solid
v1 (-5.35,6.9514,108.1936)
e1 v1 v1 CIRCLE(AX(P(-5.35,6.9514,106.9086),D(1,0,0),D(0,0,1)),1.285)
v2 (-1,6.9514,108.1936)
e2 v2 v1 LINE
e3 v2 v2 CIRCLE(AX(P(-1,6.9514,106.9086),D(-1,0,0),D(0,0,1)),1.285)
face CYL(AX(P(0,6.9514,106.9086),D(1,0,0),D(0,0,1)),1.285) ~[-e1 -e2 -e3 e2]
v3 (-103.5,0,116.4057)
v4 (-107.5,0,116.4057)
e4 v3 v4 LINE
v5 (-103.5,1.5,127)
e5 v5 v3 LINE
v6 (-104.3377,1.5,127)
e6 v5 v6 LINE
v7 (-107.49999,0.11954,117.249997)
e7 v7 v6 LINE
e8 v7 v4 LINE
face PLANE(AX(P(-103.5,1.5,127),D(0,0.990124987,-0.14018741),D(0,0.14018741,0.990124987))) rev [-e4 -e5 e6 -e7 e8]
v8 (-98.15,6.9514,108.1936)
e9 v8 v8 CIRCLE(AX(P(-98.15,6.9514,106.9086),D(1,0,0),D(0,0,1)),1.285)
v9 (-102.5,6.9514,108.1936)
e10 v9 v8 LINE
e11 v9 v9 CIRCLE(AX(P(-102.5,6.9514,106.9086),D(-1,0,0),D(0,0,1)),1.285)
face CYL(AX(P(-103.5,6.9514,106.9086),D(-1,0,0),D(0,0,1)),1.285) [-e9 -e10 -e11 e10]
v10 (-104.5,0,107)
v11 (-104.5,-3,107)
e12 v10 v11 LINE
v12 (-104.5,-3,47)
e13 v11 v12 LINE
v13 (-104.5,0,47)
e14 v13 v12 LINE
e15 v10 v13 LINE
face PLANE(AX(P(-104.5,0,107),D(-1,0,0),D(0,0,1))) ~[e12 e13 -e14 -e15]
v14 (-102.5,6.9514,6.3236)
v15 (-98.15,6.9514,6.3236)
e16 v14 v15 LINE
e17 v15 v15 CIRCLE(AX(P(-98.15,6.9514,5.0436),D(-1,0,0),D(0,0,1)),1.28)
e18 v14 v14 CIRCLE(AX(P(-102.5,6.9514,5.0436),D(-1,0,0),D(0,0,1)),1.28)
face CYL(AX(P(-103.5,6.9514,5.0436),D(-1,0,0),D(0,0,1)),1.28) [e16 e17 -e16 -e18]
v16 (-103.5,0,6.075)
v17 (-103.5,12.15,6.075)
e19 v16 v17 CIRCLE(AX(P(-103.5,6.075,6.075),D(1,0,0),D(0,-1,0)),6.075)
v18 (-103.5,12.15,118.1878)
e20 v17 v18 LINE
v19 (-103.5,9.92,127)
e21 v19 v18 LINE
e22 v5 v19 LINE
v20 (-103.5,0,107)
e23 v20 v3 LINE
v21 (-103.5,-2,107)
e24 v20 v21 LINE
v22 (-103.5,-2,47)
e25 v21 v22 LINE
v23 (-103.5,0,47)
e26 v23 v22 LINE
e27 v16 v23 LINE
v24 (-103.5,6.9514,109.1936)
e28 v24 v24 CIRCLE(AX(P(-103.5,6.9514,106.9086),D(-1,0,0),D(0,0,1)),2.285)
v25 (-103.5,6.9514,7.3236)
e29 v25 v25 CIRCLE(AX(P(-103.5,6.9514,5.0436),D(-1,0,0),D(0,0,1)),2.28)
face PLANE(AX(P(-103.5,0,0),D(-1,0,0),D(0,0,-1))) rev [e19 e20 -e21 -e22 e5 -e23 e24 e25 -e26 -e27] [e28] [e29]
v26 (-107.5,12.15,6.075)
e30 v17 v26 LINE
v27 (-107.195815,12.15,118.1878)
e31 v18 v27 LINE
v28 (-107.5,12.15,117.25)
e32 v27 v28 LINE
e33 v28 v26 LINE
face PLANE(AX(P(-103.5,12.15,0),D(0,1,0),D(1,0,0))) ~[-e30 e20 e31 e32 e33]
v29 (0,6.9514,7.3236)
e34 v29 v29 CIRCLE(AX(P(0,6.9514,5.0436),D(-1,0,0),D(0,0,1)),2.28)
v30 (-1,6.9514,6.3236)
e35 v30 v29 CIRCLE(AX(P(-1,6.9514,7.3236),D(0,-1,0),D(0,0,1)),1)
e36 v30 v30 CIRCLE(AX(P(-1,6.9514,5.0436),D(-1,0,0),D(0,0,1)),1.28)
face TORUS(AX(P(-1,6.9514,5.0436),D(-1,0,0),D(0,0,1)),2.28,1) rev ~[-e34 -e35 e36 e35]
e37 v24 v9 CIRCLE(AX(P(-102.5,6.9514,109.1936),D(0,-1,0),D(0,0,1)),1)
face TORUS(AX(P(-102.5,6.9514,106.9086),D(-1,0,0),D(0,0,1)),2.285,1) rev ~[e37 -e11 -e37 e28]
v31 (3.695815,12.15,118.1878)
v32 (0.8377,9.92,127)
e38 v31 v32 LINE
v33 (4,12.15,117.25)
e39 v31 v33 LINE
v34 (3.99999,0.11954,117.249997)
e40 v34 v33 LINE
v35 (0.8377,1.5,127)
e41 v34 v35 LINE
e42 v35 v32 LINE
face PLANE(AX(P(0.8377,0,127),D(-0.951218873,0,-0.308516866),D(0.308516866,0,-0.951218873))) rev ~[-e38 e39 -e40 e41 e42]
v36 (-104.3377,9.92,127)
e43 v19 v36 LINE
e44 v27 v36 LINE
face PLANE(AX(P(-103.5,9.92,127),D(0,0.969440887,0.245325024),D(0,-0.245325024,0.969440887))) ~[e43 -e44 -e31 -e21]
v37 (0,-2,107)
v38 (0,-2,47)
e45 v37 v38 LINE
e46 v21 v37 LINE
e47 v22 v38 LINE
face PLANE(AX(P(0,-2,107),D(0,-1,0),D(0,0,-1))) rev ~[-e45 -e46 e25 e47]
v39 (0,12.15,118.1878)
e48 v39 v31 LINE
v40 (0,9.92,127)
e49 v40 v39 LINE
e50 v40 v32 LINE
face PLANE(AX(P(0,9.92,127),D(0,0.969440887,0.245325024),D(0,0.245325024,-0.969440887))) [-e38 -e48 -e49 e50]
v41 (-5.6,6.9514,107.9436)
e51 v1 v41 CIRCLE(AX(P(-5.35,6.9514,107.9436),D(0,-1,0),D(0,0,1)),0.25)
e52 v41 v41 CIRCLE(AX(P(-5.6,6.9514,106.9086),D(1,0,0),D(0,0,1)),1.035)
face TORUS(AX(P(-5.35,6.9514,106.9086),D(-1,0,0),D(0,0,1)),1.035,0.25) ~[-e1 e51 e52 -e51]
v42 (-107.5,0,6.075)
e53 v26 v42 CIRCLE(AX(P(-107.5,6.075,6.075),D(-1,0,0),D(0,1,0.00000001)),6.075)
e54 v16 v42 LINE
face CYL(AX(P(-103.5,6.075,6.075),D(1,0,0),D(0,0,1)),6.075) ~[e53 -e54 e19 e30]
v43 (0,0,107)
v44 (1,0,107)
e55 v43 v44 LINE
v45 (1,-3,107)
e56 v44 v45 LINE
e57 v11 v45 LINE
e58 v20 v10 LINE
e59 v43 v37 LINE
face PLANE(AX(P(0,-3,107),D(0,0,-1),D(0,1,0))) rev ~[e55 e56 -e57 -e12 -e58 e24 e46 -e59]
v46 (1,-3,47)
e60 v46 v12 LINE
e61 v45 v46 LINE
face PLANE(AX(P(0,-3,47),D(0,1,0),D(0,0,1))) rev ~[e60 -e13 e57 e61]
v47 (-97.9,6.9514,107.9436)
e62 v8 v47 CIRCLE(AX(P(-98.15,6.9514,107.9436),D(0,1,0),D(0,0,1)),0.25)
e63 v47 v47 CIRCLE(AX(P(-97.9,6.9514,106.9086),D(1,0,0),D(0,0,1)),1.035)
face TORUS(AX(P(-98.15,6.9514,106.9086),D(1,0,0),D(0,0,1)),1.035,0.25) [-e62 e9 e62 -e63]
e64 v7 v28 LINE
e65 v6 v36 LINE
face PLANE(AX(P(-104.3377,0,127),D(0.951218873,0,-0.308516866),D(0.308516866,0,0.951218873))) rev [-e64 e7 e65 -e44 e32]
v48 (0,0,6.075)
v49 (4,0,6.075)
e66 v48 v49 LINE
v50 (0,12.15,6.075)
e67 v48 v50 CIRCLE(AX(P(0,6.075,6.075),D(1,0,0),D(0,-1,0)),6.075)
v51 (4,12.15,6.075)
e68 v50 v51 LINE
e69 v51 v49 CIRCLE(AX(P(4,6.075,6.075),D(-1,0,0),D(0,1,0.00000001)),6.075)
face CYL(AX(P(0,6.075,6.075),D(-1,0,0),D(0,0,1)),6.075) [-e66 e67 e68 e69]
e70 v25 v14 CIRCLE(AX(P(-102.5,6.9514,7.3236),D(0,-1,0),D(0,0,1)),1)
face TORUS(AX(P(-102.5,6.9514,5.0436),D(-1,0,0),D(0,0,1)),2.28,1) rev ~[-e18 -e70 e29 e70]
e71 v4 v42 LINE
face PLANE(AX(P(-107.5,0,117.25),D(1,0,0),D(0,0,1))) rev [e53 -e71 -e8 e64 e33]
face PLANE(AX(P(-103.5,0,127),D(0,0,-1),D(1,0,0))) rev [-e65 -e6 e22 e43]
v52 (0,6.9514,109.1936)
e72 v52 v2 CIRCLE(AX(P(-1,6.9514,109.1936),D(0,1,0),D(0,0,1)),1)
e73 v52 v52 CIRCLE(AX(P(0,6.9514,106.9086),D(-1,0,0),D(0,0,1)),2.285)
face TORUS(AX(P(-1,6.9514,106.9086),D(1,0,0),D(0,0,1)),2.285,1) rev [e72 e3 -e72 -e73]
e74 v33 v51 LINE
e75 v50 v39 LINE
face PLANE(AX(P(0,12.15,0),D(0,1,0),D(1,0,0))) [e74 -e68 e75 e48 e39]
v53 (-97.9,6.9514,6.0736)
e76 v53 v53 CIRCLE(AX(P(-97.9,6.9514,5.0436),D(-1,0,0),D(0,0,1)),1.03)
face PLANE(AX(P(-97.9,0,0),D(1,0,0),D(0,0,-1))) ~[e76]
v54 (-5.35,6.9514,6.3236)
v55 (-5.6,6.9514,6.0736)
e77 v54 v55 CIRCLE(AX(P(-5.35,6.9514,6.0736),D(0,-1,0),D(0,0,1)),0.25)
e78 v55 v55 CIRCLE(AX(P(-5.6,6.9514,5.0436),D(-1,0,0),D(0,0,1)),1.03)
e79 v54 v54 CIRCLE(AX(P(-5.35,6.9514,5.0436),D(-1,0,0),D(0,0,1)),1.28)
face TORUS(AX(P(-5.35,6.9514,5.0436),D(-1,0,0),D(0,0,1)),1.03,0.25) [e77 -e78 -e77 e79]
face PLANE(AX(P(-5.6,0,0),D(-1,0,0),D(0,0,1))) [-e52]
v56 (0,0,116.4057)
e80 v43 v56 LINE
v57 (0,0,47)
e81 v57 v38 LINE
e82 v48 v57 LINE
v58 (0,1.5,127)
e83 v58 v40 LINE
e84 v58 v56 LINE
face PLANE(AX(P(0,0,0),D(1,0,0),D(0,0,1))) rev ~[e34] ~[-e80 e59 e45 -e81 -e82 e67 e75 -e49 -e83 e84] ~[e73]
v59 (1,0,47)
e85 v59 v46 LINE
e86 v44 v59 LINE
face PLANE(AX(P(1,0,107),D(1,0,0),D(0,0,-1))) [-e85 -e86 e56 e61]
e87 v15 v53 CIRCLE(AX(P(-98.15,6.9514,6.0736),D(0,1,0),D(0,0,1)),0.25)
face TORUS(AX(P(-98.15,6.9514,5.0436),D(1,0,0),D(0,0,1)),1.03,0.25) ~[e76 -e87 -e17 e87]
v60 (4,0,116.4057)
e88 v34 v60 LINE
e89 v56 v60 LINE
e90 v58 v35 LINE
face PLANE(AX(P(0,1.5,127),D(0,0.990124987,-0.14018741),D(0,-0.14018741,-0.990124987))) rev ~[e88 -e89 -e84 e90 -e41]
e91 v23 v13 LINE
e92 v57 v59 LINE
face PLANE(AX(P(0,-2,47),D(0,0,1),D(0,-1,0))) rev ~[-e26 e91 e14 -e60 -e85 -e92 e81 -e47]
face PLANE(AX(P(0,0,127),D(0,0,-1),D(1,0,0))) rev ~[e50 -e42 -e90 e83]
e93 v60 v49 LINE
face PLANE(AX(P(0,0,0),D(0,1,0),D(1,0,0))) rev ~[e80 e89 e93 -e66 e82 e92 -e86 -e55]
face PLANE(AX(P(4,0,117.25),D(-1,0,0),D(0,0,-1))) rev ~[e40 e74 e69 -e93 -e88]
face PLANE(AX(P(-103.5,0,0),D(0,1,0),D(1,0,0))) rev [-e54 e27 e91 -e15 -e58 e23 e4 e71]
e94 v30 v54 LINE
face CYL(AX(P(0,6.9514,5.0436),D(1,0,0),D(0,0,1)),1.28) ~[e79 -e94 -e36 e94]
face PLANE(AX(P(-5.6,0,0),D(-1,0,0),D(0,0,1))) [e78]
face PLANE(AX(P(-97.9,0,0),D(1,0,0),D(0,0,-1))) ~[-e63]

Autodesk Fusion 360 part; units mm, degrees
sketch "Sketch1" plane through (0, 0, 0) normal (0, 1, 0) x (1, 0, 0)
  line L0 (0, 0) -> (0, -127)
  line L1 (0, -127) -> (0.8377, -127)
  line L2 (0.8377, -127) -> (4, -117.25)
  line L3 (4, -117.25) -> (4, 0)
  line L4 (4, 0) -> (0, 0)
  dimension "d1" = 127
  dimension "d3" = 117.25
  dimension "d160" = 10.25
  dimension "d182" = 4
extrude "Extrude1" add sketch "Sketch1" along normal blind 12.15
sketch "Sketch3" plane through (0, 0, 0) normal (-1, 0, 0) x (0, 0, 1)
  line L0 (0, 0) -> (127, 0)
  line L1 (127, 0) -> (127, 12.15)
  line L2 (127, 12.15) -> (0, 12.15)
  line L3 (0, 12.15) -> (0, 0)
  line L4 (127, 9.92) -> (118.1878, 12.15)
  line L5 (127, 1.5) -> (116.4057, 0)
  dimension "d11" = 9.09
  dimension "d12" = 2.23
  dimension "d13" = 10.7
  dimension "d14" = 1.5
extrude "Extrude3" cut sketch "Sketch3" along normal up to surface contours L0 L1 L5 | L1 L2 L4 end surface through (0.8377, 0, 127) normal (-0.95122, 0, -0.308515) offset 0
sketch "Sketch4" plane through (0, 0, 0) normal (-1, 0, 0) x (0, 0, 1)
  line L0 (127, 9.92) -> (118.1878, 12.15)
  line L1 (118.1878, 12.15) -> (0, 12.15)
  line L2 (0, 12.15) -> (0, 0)
  line L3 (0, 0) -> (116.4057, 0)
  line L4 (116.4057, 0) -> (127, 1.5)
  line L5 (127, 1.5) -> (127, 9.92)
  line L6 (0, 6.075) -> (6.075, 6.075)
  circle A0 centre (6.075, 6.075) radius 6.075
  dimension "d17" = 6.075
extrude "Extrude4" cut sketch "Sketch4" against normal up to surface (4 mm away) contours L1 L2 A0 | L2 L3 A0
sketch "Sketch6" plane through (0, 0, 0) normal (0, -1, 0) x (1, 0, 0)
  line L0 (0, 6.075) -> (4, 6.075)
  line L1 (4, 6.075) -> (4, 116.4057)
  line L2 (4, 116.4057) -> (0, 116.4057)
  line L3 (0, 116.4057) -> (0, 6.075)
  line L4 (0, 127) -> (0, 107)
  line L5 (0, 107) -> (0, 47)
  line L6 (0, 47) -> (1, 47)
  line L7 (1, 47) -> (0, 47)
  line L8 (0, 47) -> (0, 107)
  line L9 (0, 107) -> (1, 107)
  line L10 (1, 107) -> (1, 47)
  point P0 (0, 127)
  dimension "d27" = 20
  dimension "d28" = 60
  dimension "d29" = 1
extrude "Extrude6" add sketch "Sketch6" along normal blind 3 contours L3 L5 L6 L7 L8 L9 L10
sketch "Sketch7" plane through (0, 0, 0) normal (-1, 0, 0) x (0, 0, 1)
  arc A0 (6.075, 12.15) -> (6.075, 0) centre (6.075, 6.075) ccw
  line L0 (6.075, 0) -> (47, 0)
  line L1 (47, 0) -> (47, -3)
  line L2 (47, -3) -> (107, -3)
  line L3 (107, -3) -> (107, 0)
  line L4 (107, 0) -> (116.4057, 0)
  line L5 (116.4057, 0) -> (127, 1.5)
  line L6 (127, 1.5) -> (127, 9.92)
  line L7 (127, 9.92) -> (118.1878, 12.15)
  line L8 (118.1878, 12.15) -> (6.075, 12.15)
  line L9 (22, -5.25) -> (43, -5.25)
  line L10 (43, -5.25) -> (43, -1.5)
  line L11 (43, -1.5) -> (22, -1.5)
  line L12 (22, -1.5) -> (22, -5.25)
  line L13 (47, -3) -> (107, -3)
  line L14 (107, -3) -> (107, -2)
  line L15 (107, -2) -> (47, -2)
  line L16 (47, -2) -> (47, -3)
  dimension "d35" = 3.75
  dimension "d36" = 1
extrude "Extrude7" add sketch "Sketch7" along normal blind 51.75 contours L1 L2 L3 L13 L14 L15 L16
sketch "Sketch28" plane through (0, 0, 0) normal (-1, 0, 0) x (0, 0, 1)
  line L0 (116.4057, 0) -> (127, 1.5)
  line L1 (127, 1.5) -> (127, 9.92)
  line L2 (127, 9.92) -> (118.1878, 12.15)
  line L3 (118.1878, 12.15) -> (6.075, 12.15)
  arc A0 (6.075, 12.15) -> (6.075, 0) centre (6.075, 6.075) ccw
  line L4 (116.4057, 0) -> (127, 1.5)
  line L5 (59, -1.5) -> (79, -1.5)
  line L6 (79, 0) -> (116.4057, 0)
  circle A1 centre (106.9086, 6.9514) radius 1.285
  line L7 (127, 7.86) -> (106, 7.86)
  circle A2 centre (5.0436, 6.9514) radius 1.28
  arc A3 (0.45, 3.7804) -> (6.075, 0) centre (6.075, 6.075) ccw
  line L8 (59, 0) -> (59, -1.5)
  line L9 (43, 0) -> (59, 0)
  line L10 (106, 7.86) -> (106, 0)
  line L11 (118.1878, 12.15) -> (6.1, 12.15)
  line L12 (106, 7.86) -> (106.9086, 6.9514)
  line L13 (6.3236, 6.9514) -> (5.0436, 6.9514)
  line L14 (105.6236, 6.9514) -> (106.9086, 6.9514)
  line L15 (127, 1.5) -> (127, 9.92)
  line L16 (127, 9.92) -> (118.1878, 12.15)
  arc A4 (1, 9.4142) -> (0.45, 8.3696) centre (6.075, 6.075) ccw
  line L17 (105.6236, 6.9514) -> (6.3236, 6.9514)
  line L18 (79, -1.5) -> (79, 0)
  line L19 (106, 7.86) -> (107.285, 7.86) construction
  line L20 (43, -1.5) -> (43, 0)
  line L21 (22, -1.5) -> (43, -1.5)
  line L22 (22, 0) -> (22, -1.5)
  line L23 (6.075, 0) -> (22, 0)
  line L24 (47, -2) -> (107, -2)
  line L25 (107, 0) -> (116.4057, 0)
  line L26 (6.075, 0) -> (47, 0)
  line L27 (107, -2) -> (107, 0)
  line L28 (47, 0) -> (47, -2)
  dimension "d168" = 21
  dimension "d169" = 7.86
  dimension "d170" = 1.285
  dimension "d171" = 45
  dimension "d172" = 99.3
  dimension "d173" = 1.28
extrude "Extrude32" add sketch "Sketch28" along normal blind 5.6 contours A2 | A1 L7 | A1 L7 L10 L12 L14 | A1 L10 L14 | A1 L10 L14 | L10 L12 L14
fillet "Fillet15" radius 0.25 2 edges at (-5.6, 6.4867, 105.7106) (-5.6, 6.4885, 3.8503)
mirror "Mirror2" about plane through (-51.75, 0, 0) normal (-1, 0, 0) of bodies 1 merged
fillet "Fillet16" radius 1 4 edges at (0, 7.4142, 3.8503) (0, 7.416, 105.7106) (-103.5, 7.416, 105.7106) (-103.5, 7.4142, 3.8503)
equation "d17 = ( 12.15 / 2 ) * 1 mm"
equation "d37 = ( 103.5 / 2 ) * 1 mm"
